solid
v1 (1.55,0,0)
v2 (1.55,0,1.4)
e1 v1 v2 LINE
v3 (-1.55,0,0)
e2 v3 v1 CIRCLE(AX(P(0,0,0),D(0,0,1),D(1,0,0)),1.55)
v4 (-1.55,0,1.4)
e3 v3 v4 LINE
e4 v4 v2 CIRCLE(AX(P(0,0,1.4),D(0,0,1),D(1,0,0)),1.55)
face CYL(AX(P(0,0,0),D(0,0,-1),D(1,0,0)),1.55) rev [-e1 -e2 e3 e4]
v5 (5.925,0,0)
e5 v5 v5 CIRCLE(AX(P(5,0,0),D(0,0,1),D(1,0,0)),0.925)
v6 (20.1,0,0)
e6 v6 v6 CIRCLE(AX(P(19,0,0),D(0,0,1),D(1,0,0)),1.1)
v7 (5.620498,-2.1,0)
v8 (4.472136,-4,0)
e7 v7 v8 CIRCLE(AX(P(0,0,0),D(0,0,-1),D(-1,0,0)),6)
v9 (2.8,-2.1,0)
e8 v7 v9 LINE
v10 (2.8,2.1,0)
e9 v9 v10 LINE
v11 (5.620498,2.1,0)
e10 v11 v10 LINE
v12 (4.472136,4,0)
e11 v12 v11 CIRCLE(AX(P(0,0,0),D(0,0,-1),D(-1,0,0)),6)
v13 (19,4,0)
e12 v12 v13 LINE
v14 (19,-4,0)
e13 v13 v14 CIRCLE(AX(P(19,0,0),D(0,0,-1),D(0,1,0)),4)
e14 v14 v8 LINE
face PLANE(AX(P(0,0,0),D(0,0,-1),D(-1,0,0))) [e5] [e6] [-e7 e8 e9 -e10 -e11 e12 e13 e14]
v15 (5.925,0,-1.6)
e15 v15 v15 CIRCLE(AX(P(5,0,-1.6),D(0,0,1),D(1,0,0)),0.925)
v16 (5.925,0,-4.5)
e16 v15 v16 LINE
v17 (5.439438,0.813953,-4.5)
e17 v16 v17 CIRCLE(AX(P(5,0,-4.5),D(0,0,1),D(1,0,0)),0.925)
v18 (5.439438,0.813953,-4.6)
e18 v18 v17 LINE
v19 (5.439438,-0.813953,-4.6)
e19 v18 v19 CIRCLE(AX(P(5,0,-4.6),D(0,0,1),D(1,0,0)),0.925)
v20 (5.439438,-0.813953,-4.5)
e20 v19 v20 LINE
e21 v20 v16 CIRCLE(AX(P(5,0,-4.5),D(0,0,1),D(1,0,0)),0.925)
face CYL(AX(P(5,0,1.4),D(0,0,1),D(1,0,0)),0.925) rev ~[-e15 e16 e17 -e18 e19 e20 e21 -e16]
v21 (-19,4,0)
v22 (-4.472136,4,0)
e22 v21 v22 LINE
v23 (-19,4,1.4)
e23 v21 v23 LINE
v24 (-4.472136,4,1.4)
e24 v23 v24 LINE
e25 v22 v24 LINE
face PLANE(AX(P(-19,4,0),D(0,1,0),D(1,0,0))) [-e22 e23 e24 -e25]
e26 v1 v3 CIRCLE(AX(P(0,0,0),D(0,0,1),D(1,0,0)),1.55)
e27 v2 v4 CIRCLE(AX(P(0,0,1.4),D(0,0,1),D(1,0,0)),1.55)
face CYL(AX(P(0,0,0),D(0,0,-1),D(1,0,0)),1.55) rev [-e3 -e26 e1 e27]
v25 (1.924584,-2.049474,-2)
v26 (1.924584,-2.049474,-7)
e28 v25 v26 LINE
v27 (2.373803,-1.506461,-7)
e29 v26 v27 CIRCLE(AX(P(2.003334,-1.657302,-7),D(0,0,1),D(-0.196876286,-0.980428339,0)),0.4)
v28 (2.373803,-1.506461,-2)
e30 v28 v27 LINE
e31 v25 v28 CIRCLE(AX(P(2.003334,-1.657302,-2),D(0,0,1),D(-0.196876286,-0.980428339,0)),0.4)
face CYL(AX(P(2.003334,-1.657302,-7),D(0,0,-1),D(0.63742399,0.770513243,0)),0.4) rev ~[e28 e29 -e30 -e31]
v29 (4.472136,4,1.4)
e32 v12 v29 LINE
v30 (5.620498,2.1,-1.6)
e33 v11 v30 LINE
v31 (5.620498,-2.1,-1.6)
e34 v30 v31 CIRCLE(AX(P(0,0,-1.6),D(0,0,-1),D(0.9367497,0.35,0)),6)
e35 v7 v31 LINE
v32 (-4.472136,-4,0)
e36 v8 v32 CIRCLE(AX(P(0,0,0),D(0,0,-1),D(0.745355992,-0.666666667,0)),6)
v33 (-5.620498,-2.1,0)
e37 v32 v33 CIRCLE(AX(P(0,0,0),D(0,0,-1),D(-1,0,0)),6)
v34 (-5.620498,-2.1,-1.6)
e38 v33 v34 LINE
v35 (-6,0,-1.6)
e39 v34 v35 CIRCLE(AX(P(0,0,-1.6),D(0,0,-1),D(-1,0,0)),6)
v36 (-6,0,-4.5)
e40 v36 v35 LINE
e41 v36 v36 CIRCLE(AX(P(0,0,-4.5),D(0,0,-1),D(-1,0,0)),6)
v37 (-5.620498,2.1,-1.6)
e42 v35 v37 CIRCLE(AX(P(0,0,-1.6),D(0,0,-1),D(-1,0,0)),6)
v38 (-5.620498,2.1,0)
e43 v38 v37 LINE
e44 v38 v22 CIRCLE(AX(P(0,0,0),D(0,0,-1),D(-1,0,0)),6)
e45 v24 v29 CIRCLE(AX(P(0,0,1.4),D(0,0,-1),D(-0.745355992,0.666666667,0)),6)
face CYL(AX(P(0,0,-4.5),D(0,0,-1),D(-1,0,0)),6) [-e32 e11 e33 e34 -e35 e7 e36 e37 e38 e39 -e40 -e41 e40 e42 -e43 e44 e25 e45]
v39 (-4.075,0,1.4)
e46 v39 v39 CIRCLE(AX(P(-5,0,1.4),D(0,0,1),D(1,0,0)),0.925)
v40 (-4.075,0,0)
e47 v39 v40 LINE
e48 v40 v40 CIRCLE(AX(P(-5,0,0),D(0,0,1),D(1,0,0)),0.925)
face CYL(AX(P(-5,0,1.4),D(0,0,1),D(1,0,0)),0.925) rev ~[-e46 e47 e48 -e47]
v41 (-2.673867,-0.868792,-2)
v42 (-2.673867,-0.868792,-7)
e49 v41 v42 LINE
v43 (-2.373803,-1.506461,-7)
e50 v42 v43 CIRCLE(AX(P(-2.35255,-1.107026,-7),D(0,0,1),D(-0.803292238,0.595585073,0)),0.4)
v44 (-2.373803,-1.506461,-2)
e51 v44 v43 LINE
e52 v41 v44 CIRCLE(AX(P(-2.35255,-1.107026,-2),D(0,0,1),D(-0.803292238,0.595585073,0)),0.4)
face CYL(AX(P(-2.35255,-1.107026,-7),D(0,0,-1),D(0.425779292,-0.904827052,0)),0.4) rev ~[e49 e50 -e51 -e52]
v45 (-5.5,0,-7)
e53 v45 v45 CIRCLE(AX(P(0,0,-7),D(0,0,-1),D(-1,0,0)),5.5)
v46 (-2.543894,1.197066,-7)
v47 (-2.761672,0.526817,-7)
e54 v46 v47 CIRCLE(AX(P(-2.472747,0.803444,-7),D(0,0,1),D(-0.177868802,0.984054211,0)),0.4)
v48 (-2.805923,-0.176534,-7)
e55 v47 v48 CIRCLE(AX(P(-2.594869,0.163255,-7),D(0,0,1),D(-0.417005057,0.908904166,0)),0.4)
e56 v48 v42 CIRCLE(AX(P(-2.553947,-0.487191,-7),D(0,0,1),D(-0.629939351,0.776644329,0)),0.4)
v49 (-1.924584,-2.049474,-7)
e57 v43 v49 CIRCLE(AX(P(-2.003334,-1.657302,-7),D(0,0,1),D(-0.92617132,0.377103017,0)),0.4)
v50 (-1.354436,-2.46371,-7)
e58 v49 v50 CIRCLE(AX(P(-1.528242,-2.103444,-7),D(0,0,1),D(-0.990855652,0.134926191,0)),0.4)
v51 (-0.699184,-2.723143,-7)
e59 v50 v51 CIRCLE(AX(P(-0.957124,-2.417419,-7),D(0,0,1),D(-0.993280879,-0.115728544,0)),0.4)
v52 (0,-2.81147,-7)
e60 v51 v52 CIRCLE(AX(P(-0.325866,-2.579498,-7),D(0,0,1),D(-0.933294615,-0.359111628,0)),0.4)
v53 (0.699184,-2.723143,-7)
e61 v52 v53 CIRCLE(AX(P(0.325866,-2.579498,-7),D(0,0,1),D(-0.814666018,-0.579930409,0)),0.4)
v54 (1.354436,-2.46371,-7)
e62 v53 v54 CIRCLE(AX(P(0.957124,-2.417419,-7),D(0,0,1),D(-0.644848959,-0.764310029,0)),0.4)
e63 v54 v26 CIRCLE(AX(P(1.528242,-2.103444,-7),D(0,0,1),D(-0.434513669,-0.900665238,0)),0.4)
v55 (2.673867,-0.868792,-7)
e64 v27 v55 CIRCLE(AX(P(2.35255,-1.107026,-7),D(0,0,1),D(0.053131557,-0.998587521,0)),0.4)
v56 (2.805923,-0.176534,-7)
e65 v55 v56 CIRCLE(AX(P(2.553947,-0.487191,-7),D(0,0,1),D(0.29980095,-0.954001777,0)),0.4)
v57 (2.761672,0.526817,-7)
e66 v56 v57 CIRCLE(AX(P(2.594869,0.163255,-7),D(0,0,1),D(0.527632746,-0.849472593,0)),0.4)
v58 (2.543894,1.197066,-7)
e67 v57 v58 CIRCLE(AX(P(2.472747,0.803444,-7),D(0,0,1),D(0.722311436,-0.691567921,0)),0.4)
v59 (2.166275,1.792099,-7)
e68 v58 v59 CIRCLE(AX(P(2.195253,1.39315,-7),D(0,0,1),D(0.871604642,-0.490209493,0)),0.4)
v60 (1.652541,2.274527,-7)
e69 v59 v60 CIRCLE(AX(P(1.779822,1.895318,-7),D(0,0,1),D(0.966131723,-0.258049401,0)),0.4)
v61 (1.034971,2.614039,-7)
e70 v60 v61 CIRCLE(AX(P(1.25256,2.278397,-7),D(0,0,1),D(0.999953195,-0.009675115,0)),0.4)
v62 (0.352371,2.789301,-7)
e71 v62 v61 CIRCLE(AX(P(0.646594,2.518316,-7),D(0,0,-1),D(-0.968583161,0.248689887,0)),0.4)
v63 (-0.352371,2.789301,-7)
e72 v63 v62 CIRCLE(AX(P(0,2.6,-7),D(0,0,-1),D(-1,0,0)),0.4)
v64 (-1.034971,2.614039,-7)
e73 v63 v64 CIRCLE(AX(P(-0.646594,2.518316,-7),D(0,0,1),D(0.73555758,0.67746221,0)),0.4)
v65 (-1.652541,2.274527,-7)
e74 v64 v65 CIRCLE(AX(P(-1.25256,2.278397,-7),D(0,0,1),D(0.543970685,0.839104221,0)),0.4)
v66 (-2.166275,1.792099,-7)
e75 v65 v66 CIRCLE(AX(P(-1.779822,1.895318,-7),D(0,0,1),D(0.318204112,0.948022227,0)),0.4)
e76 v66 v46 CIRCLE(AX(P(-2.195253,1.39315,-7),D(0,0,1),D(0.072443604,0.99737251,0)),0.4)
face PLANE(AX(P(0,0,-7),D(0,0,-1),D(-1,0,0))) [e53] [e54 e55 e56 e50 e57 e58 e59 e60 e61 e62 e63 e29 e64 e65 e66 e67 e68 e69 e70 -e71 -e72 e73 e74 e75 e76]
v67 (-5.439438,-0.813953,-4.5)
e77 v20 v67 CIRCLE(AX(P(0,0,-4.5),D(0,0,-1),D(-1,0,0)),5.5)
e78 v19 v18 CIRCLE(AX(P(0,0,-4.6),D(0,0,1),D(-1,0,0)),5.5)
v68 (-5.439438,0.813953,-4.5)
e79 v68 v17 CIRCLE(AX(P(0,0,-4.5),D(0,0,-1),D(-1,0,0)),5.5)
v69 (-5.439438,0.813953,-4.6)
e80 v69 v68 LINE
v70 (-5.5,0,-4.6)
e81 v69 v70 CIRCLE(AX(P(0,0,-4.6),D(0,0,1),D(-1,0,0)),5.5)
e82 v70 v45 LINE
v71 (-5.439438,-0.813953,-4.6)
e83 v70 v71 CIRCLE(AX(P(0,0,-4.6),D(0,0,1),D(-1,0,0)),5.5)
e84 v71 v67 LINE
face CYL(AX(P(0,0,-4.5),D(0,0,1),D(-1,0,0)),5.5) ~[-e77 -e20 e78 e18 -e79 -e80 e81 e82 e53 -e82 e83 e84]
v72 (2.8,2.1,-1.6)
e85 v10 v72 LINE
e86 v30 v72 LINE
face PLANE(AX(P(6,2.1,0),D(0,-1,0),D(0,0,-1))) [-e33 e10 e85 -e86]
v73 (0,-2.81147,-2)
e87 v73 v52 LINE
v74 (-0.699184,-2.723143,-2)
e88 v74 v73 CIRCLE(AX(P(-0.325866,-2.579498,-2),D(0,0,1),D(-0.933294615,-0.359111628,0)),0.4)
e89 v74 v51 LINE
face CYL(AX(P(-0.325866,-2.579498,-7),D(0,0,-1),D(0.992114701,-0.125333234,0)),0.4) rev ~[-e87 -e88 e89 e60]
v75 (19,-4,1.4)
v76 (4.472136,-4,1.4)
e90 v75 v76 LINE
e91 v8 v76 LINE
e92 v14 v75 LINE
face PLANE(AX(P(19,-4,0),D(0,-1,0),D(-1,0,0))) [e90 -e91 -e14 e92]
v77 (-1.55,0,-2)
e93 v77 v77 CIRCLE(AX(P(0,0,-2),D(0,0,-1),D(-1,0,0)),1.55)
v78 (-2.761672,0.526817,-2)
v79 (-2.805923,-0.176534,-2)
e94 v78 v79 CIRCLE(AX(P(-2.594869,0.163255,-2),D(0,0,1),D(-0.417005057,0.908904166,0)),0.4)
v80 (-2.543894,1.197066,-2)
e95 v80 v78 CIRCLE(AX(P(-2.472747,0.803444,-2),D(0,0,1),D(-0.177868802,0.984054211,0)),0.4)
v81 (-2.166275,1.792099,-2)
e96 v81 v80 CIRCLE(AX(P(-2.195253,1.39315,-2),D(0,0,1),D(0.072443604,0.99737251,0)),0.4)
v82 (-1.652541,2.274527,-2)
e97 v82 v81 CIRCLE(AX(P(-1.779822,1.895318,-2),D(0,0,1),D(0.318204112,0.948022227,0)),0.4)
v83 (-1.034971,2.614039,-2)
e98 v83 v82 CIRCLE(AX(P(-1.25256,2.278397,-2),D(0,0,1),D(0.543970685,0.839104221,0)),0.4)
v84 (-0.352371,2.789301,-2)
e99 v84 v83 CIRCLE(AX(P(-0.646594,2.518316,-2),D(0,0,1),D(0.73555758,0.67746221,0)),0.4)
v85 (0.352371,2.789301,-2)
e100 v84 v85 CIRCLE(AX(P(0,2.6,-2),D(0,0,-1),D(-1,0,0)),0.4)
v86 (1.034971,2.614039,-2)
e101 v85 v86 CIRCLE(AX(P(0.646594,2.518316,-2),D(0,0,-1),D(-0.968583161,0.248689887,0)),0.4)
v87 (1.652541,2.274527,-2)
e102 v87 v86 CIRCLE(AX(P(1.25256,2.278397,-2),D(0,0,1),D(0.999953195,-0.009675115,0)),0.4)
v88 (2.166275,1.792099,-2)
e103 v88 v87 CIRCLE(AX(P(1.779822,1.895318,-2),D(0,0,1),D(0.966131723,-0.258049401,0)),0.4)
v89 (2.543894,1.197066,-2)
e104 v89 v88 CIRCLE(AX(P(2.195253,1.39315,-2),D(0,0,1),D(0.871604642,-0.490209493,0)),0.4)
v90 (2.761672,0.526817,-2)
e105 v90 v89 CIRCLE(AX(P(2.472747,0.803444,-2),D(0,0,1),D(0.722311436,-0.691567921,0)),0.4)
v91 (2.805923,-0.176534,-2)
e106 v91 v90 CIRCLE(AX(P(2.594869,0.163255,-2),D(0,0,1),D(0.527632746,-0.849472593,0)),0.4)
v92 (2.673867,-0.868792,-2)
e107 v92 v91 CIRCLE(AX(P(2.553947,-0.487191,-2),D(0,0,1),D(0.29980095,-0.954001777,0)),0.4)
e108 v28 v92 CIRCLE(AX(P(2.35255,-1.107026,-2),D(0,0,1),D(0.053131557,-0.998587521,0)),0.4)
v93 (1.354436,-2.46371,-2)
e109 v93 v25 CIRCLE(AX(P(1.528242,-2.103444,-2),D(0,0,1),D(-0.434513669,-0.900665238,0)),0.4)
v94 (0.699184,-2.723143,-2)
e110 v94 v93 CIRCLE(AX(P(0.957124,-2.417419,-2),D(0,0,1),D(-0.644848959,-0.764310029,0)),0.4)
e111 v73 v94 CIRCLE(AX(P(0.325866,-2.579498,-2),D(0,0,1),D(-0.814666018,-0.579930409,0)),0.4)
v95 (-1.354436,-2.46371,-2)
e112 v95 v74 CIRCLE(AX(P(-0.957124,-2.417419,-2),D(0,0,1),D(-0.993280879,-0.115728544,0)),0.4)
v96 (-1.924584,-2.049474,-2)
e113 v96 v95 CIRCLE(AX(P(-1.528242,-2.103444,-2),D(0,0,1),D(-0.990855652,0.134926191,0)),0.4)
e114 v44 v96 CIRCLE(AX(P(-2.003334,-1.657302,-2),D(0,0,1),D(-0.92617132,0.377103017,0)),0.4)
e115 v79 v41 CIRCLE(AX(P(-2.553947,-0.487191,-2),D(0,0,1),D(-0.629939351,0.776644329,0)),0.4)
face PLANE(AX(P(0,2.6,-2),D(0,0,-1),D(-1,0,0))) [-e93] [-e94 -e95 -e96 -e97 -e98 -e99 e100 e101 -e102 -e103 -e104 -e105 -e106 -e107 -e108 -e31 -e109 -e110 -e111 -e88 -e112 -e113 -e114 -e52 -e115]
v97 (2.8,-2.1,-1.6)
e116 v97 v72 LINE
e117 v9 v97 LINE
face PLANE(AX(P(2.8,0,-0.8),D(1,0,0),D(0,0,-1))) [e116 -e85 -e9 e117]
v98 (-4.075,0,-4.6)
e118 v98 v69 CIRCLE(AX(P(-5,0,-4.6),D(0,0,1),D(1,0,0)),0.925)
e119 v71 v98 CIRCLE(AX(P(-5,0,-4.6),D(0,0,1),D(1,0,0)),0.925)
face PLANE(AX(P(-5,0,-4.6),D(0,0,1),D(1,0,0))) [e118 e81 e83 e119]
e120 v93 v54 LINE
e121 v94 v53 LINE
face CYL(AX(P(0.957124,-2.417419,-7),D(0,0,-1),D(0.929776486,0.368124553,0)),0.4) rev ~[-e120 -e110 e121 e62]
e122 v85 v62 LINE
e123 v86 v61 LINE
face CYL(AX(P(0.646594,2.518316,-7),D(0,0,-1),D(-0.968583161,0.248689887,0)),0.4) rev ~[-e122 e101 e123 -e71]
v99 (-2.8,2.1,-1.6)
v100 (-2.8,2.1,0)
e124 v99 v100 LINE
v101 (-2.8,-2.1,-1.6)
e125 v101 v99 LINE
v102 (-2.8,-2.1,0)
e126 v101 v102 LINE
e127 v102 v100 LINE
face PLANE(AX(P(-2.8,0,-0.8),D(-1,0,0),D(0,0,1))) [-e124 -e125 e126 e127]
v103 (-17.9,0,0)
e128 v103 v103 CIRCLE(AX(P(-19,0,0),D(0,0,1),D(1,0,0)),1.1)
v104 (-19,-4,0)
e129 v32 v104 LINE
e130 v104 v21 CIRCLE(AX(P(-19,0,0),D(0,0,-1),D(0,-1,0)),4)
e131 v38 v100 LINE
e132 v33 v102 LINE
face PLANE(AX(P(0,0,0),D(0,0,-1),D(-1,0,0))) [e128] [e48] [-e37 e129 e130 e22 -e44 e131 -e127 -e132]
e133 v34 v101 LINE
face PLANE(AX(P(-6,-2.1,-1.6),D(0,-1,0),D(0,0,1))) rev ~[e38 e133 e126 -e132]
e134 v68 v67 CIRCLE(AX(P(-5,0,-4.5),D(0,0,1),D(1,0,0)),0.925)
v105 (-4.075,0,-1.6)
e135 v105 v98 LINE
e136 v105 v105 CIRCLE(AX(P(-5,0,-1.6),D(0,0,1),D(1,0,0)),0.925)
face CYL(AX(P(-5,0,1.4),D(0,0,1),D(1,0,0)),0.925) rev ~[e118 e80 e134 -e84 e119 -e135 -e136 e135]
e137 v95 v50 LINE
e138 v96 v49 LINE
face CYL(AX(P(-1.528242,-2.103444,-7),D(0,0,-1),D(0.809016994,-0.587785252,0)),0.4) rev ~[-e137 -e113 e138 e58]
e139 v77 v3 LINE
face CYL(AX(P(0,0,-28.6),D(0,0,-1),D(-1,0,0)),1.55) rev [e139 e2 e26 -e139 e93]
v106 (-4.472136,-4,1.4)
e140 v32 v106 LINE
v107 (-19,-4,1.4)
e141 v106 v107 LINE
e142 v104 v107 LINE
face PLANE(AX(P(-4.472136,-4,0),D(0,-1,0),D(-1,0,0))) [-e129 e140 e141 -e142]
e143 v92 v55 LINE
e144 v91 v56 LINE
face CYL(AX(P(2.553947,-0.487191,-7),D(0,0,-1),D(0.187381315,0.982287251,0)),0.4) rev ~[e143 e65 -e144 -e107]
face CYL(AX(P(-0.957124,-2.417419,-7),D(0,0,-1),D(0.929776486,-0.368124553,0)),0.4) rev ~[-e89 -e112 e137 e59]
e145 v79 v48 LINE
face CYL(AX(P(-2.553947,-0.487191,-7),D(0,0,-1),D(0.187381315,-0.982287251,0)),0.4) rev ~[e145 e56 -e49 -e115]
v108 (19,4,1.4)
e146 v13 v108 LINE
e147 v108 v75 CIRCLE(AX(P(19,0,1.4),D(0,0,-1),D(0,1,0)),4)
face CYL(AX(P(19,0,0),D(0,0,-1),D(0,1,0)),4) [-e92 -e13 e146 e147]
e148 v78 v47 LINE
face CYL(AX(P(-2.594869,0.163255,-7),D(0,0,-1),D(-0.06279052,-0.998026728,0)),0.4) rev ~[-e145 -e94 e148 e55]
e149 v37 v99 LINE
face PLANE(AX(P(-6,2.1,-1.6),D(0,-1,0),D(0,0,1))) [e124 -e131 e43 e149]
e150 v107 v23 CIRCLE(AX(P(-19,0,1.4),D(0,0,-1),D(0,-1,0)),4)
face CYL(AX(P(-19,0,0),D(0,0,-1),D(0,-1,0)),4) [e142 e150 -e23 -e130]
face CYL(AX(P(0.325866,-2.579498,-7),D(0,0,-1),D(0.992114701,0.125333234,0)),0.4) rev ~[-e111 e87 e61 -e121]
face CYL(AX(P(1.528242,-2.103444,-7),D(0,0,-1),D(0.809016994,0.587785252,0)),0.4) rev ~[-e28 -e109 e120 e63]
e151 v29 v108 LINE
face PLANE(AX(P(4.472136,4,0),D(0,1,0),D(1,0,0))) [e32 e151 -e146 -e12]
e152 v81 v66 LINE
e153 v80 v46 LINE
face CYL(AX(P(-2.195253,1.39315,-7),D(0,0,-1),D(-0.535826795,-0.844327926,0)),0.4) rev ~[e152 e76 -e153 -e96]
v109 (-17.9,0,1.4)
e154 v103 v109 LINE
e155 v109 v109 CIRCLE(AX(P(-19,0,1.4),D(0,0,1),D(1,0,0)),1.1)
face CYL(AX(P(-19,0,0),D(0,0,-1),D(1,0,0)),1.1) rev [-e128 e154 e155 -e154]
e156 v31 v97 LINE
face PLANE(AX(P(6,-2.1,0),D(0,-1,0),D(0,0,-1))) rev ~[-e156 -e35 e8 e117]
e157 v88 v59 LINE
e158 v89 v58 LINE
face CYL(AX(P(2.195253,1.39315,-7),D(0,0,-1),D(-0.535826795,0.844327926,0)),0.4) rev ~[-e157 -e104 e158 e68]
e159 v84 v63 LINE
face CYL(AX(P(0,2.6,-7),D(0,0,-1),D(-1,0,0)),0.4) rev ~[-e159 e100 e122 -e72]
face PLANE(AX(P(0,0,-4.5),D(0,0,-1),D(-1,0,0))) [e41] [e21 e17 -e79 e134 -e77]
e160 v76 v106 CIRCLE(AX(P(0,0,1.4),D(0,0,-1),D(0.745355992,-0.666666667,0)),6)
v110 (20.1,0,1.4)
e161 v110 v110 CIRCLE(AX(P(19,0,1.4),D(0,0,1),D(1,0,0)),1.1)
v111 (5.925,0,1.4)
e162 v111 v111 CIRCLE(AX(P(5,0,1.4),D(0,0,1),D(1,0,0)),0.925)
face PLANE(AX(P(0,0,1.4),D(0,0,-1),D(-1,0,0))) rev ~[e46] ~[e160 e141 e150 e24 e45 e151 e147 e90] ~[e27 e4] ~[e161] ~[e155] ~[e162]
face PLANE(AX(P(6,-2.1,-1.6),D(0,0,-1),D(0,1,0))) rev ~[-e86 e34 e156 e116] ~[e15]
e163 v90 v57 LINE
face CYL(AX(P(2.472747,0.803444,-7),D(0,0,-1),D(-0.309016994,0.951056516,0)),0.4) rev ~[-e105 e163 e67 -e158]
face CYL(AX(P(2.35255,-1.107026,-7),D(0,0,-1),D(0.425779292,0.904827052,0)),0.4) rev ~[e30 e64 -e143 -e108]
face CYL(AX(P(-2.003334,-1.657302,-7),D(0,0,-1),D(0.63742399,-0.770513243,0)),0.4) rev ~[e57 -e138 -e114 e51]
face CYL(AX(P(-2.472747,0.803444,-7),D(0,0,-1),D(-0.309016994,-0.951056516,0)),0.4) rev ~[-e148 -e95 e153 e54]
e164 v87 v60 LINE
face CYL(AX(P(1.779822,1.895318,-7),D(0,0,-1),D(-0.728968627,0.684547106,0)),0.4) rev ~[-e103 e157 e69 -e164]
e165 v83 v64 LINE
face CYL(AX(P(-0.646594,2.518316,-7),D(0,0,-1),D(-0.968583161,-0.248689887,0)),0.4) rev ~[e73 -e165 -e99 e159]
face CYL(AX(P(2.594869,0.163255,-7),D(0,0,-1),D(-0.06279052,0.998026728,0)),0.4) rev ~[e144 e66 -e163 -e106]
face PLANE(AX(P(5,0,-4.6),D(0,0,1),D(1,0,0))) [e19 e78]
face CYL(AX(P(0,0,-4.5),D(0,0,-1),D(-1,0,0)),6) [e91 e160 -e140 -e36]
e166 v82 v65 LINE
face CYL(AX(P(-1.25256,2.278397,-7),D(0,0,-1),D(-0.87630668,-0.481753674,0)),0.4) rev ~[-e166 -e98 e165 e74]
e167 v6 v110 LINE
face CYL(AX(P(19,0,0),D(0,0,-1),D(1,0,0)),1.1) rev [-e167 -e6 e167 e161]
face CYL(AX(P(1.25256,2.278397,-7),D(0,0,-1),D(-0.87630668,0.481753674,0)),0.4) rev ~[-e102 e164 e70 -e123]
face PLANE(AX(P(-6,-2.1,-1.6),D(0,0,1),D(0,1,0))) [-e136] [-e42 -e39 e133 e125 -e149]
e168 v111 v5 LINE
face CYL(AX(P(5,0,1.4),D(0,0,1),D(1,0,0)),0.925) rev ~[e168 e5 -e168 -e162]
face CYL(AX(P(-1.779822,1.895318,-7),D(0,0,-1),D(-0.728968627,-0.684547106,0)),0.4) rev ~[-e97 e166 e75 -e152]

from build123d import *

# Parameters (mm, degrees)
SKETCH_1_R               = 1.55
SKETCH_1_R_2             = 1.1
EXTRUDE_1_DEPTH          = 1.4
EXTRUDE_START            = 4.5
SKETCH_2_R               = 6
EXTRUDE_2_DEPTH          = 4.5
SKETCH_3_R               = 5.5
EXTRUDE_3_DEPTH          = 2.5
SKETCH_5_R               = 0.4
CUT_EXTRUDE_1_DEPTH      = 5
PATTERN_CIRCULAR_2_COUNT = 25
SKETCH_4_R               = 2.6
CUT_EXTRUDE_2_DEPTH      = 5
CUT_EXTRUDE_START        = -30
SKETCH_6_R               = 1.55
CUT_EXTRUDE_3_DEPTH      = 30
SKETCH_7_R               = 0.925
CUT_EXTRUDE_4_DEPTH      = 6
SKETCH_8_W               = 1.6
SKETCH_8_H               = 4.2
CUT_EXTRUDE_5_DEPTH      = 3.2
SKETCH_9_W               = 1.6
SKETCH_9_H               = 4.2
CUT_EXTRUDE_6_DEPTH      = 3.2


with BuildPart() as part:
    # 草图1 → 凸台-拉伸1 (new body)
    with BuildSketch(Plane.XY):
        with BuildLine():
            Line((4.472135955, 4), (19, 4))
            ThreePointArc((19, 4), (23, 0), (19, -4))
            Line((19, -4), (4.472135955, -4))
            ThreePointArc((4.472135955, -4), (0, -6), (-4.472135955, -4))
            Line((-4.472135955, -4), (-19, -4))
            ThreePointArc((-19, -4), (-23, 0), (-19, 4))
            Line((-19, 4), (-4.472135955, 4))
            ThreePointArc((-4.472135955, 4), (0, 6), (4.472135955, 4))
        make_face()
        Circle(SKETCH_1_R, mode=Mode.SUBTRACT)
        with Locations((19, 0)):
            Circle(SKETCH_1_R_2, mode=Mode.SUBTRACT)
        with Locations((-19, 0)):
            Circle(SKETCH_1_R_2, mode=Mode.SUBTRACT)
    extrude(amount=EXTRUDE_1_DEPTH)

    # 草图2 → 凸台-拉伸2 (add)
    with BuildSketch(Plane(origin=(0, 0, 0), x_dir=(-1, 0, 0), z_dir=(0, 0, -1)).offset(EXTRUDE_START)):
        Circle(SKETCH_2_R)
    extrude(amount=-EXTRUDE_2_DEPTH)

    # 草图3 → 凸台-拉伸3 (add)
    with BuildSketch(Plane(origin=(0, 0, -4.5), x_dir=(-1, 0, 0), z_dir=(0, 0, -1))):
        Circle(SKETCH_3_R)
    extrude(amount=EXTRUDE_3_DEPTH)

    # 草图5 → 切除-拉伸1 (cut)
    with BuildSketch(Plane(origin=(0, 0, -7), x_dir=(-1, 0, 0), z_dir=(0, 0, -1))):
        with Locations((0, 2.6)):
            Circle(SKETCH_5_R)
    cut_extrude_1 = extrude(amount=-CUT_EXTRUDE_1_DEPTH, mode=Mode.SUBTRACT)

    # 阵列(圆周)2: 切除-拉伸1 ×25 about axis
    pattern_circular_2_axis = Axis((0, 0, 0), (0, 0, 1))
    for i in range(1, PATTERN_CIRCULAR_2_COUNT):
        add(cut_extrude_1.rotate(pattern_circular_2_axis, i * 360 / PATTERN_CIRCULAR_2_COUNT), mode=Mode.SUBTRACT)

    # 草图4 → 切除-拉伸2 (cut)
    with BuildSketch(Plane(origin=(0, 0, -7), x_dir=(-1, 0, 0), z_dir=(0, 0, -1))):
        Circle(SKETCH_4_R)
    extrude(amount=-CUT_EXTRUDE_2_DEPTH, mode=Mode.SUBTRACT)

    # 草图6 → 切除-拉伸3 (cut)
    with BuildSketch(Plane.XY.offset(1.4).offset(CUT_EXTRUDE_START)):
        with Locations(Location((0, 0, 0), (0, 0, 180))):
            Circle(SKETCH_6_R)
    extrude(amount=CUT_EXTRUDE_3_DEPTH, mode=Mode.SUBTRACT)

    # 草图7 → 切除-拉伸4 (cut)
    with BuildSketch(Plane.XY.offset(1.4)):
        with Locations((5, 0)):
            Circle(SKETCH_7_R)
        with Locations((-5, 0)):
            Circle(SKETCH_7_R)
    extrude(amount=-CUT_EXTRUDE_4_DEPTH, mode=Mode.SUBTRACT)

    # 草图8 → 切除-拉伸5 (cut)
    with BuildSketch(Plane(origin=(6, 0, 0), x_dir=(0, 0, -1), z_dir=(1, 0, 0))):
        with Locations((0.8, 0)):
            Rectangle(SKETCH_8_W, SKETCH_8_H)
    extrude(amount=-CUT_EXTRUDE_5_DEPTH, mode=Mode.SUBTRACT)

    # 草图9 → 切除-拉伸6 (cut)
    with BuildSketch(Plane.ZY.offset(6)):
        with Locations((-0.8, 0)):
            Rectangle(SKETCH_9_W, SKETCH_9_H)
    extrude(amount=-CUT_EXTRUDE_6_DEPTH, mode=Mode.SUBTRACT)


solid = part.part
